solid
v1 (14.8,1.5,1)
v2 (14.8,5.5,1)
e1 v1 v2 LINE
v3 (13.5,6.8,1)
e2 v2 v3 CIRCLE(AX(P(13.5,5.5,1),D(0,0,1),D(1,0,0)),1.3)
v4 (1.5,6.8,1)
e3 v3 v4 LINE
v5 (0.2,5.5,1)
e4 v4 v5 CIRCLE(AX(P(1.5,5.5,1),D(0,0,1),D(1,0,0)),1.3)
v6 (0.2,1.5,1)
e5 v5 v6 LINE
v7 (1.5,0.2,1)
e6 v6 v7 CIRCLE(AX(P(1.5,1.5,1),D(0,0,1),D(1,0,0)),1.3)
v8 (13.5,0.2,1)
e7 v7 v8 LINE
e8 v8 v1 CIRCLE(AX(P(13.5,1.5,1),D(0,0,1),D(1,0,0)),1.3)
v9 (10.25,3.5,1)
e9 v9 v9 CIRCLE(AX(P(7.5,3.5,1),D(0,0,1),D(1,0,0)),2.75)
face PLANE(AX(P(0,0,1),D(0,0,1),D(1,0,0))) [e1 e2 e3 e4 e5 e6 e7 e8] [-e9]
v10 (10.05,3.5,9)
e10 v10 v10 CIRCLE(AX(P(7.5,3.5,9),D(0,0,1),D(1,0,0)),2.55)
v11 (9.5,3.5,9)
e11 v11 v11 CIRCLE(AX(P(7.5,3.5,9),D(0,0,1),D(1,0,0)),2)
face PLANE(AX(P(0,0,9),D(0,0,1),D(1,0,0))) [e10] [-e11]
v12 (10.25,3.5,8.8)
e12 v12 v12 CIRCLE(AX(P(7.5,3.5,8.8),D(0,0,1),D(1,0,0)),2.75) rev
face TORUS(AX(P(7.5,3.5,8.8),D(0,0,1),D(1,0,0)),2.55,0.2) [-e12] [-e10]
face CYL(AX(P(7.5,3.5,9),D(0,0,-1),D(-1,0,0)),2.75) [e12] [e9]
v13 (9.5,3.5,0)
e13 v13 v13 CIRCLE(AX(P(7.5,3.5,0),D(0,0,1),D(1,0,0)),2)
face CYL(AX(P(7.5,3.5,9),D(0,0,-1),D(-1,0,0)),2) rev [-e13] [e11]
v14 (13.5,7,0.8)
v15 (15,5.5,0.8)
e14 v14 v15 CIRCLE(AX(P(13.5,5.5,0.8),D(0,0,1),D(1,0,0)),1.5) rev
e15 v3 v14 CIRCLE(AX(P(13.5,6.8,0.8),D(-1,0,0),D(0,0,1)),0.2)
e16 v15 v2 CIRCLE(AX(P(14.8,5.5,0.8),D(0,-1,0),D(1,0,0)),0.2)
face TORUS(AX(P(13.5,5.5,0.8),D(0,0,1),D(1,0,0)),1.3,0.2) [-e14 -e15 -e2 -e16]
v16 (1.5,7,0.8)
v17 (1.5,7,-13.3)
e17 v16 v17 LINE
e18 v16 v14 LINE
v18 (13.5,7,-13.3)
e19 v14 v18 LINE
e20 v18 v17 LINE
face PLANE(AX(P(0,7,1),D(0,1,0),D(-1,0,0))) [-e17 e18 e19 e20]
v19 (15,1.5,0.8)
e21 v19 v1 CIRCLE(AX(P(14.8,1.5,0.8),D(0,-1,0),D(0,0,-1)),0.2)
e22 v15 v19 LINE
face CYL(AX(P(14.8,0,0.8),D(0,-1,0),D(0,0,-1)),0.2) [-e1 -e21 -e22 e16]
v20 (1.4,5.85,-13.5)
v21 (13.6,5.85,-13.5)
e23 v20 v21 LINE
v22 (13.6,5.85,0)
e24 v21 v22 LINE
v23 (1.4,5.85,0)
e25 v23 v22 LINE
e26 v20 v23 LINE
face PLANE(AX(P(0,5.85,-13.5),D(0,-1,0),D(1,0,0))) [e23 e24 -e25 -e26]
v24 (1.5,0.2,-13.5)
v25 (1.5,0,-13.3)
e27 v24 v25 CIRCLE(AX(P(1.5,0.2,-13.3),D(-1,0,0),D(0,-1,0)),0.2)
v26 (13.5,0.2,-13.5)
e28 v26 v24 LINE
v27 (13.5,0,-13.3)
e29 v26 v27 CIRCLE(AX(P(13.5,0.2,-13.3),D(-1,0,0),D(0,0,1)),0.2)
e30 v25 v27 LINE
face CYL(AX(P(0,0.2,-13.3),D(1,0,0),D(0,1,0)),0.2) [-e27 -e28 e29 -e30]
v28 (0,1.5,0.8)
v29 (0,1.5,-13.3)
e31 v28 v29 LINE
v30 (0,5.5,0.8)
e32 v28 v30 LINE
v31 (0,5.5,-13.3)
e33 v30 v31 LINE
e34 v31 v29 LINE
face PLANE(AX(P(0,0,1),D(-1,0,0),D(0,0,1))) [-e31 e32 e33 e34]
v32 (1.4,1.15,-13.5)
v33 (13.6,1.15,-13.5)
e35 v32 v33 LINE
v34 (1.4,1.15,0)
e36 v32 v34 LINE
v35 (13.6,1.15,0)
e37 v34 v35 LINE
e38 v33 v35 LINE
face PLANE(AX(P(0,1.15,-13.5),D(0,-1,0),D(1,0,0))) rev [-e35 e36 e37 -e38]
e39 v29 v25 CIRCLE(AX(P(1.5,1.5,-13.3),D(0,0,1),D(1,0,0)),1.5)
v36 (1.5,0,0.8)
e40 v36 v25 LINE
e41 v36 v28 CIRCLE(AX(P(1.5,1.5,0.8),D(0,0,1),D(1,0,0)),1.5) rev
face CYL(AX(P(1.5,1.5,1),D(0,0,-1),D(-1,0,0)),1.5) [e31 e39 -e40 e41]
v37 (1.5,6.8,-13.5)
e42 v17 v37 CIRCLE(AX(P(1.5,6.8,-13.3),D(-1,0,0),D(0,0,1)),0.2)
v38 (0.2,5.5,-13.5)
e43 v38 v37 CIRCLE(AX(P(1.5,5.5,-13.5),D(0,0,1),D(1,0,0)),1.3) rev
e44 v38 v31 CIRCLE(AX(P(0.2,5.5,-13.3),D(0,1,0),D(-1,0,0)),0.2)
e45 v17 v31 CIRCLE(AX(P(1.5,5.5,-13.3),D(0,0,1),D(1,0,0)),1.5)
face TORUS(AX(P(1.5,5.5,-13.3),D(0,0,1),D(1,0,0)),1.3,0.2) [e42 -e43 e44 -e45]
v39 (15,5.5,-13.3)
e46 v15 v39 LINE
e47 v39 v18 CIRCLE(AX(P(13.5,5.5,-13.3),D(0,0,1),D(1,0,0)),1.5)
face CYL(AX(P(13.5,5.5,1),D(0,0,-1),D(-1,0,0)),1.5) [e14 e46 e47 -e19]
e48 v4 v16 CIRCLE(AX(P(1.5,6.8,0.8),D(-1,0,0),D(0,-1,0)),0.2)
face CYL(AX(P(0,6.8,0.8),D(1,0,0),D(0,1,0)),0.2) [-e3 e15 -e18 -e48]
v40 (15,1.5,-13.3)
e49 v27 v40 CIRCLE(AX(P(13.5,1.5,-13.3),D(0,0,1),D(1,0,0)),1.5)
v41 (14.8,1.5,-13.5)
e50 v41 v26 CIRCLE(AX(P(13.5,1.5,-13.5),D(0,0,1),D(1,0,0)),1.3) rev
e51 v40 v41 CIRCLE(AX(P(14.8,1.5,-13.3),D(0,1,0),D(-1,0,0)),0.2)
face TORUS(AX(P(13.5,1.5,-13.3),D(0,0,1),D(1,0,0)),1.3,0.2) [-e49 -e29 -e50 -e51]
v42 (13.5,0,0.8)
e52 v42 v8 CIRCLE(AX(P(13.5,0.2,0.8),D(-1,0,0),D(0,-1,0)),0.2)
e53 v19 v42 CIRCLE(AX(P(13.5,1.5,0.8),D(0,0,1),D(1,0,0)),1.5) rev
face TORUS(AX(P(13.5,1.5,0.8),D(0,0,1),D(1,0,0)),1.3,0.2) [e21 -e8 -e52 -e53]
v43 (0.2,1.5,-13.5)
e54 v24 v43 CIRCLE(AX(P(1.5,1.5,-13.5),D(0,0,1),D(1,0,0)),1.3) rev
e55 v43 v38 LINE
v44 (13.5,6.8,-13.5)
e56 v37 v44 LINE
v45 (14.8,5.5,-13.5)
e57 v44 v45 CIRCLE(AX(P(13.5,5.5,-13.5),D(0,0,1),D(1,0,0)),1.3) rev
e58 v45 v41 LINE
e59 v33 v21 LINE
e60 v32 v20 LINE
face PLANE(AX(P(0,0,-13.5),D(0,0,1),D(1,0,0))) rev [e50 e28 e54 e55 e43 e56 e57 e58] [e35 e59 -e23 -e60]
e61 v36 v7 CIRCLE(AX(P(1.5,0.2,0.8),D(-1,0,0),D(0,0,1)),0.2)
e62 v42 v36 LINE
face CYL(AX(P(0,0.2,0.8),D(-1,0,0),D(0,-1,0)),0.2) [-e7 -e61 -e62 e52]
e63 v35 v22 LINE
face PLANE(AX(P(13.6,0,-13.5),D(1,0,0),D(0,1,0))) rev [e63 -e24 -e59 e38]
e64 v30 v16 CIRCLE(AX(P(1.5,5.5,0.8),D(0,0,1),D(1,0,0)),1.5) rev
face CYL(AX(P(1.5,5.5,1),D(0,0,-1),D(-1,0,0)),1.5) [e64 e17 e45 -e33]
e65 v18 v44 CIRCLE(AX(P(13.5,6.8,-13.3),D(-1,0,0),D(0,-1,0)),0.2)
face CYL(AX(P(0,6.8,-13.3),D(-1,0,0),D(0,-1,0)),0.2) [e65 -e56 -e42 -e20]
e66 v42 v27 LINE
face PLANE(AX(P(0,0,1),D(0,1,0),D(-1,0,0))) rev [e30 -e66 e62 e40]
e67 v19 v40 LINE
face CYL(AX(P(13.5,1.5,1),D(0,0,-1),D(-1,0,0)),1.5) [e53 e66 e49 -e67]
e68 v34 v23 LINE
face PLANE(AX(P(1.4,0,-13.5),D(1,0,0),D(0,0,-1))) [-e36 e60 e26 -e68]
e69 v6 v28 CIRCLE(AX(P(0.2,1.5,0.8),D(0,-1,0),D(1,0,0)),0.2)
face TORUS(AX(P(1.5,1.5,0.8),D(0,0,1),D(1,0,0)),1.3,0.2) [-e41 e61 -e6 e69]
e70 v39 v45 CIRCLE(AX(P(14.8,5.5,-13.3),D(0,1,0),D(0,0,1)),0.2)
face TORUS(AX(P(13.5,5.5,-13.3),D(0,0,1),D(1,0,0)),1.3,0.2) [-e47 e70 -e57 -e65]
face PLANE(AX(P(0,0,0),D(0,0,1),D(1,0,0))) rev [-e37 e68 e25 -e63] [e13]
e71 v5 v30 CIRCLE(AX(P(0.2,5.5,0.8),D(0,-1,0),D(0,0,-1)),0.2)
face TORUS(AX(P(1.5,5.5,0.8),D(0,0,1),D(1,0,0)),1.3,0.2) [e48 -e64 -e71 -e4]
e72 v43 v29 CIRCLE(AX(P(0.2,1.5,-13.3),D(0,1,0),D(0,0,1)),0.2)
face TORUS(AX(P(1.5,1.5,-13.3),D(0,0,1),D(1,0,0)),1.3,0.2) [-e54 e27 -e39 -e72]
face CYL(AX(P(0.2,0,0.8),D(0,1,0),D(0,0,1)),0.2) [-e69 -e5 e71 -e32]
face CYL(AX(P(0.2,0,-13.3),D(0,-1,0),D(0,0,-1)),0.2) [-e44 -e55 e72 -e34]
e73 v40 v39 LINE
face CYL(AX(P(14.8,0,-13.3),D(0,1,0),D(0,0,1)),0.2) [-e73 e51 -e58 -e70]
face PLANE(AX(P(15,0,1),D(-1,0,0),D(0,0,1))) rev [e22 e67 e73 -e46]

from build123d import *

# Parameters (mm, degrees)
SKETCH_1_R      = 2.75
SKETCH_1_R_2    = 2
EXTRUDE_1_DEPTH = 9
SKETCH_1_6_R    = 2.75
EXTRUDE_4_DEPTH = 1
SKETCH_1_7_W    = 12.2
SKETCH_1_7_H    = 4.7
EXTRUDE_5_DEPTH = 13.5
FILLET_1_R      = 0.2


with BuildPart() as part:
    # Sketch 1 → Extrude 1 (new body)
    with BuildSketch(Plane.XY):
        with Locations((7.5, 3.5)):
            Circle(SKETCH_1_R)
        with Locations((7.5, 3.5)):
            Circle(SKETCH_1_R_2, mode=Mode.SUBTRACT)
        with BuildLine():
            ThreePointArc((8.928285686, 5.85), (7.5, 6.25), (6.071714314, 5.85))
            Line((6.071714314, 5.85), (8.928285686, 5.85))
        make_face()
        with BuildLine():
            Line((8.928285686, 1.15), (6.071714314, 1.15))
            ThreePointArc((6.071714314, 1.15), (7.5, 0.75), (8.928285686, 1.15))
        make_face()
    extrude(amount=EXTRUDE_1_DEPTH)

    # Sketch 1_6 → Extrude 4 (add)
    with BuildSketch(Plane.XY):
        with BuildLine():
            ThreePointArc((0, 1.5), (0.439339828, 0.439339828), (1.5, 0))
            Line((1.5, 0), (13.5, 0))
            ThreePointArc((13.5, 0), (14.560660172, 0.439339828), (15, 1.5))
            Line((15, 1.5), (15, 5.5))
            ThreePointArc((15, 5.5), (14.560660172, 6.560660172), (13.5, 7))
            Line((13.5, 7), (1.5, 7))
            ThreePointArc((1.5, 7), (0.439339828, 6.560660172), (0, 5.5))
            Line((0, 5.5), (0, 1.5))
        make_face()
        with Locations((7.5, 3.5)):
            Circle(SKETCH_1_6_R, mode=Mode.SUBTRACT)
    extrude(amount=EXTRUDE_4_DEPTH)

    # Sketch 1_7 → Extrude 5 (add)
    with BuildSketch(Plane.XY):
        with BuildLine():
            ThreePointArc((0, 5.5), (0.439339828, 6.560660172), (1.5, 7))
            Line((1.5, 7), (13.5, 7))
            ThreePointArc((13.5, 7), (14.560660172, 6.560660172), (15, 5.5))
            Line((15, 5.5), (15, 1.5))
            ThreePointArc((15, 1.5), (14.560660172, 0.439339828), (13.5, 0))
            Line((13.5, 0), (1.5, 0))
            ThreePointArc((1.5, 0), (0.439339828, 0.439339828), (0, 1.5))
            Line((0, 1.5), (0, 5.5))
        make_face()
        with Locations((7.5, 3.5)):
            Rectangle(SKETCH_1_7_W, SKETCH_1_7_H, mode=Mode.SUBTRACT)
        with BuildLine():
            ThreePointArc((8.928285686, 5.85), (7.5, 6.25), (6.071714314, 5.85))
            Line((6.071714314, 5.85), (8.928285686, 5.85))
        make_face()
        with BuildLine():
            Line((8.928285686, 1.15), (6.071714314, 1.15))
            ThreePointArc((6.071714314, 1.15), (7.5, 0.75), (8.928285686, 1.15))
        make_face()
    extrude(amount=-EXTRUDE_5_DEPTH)

    # Fillet 1
    fillet_1_edges = [part.edges().sort_by_distance(p)[0] for p in [
        (0.439339828, 6.560660172, 1),
        (0, 3.5, 1),
        (0.439339828, 0.439339828, 1),
        (14.560660172, 6.560660172, 1),
        (7.5, 7, 1),
        (7.5, 0, 1),
        (14.560660172, 0.439339828, 1),
        (15, 3.5, 1),
        (15, 3.5, -13.5),
        (14.560660172, 0.439339828, -13.5),
        (7.5, 0, -13.5),
        (0.439339828, 6.560660172, -13.5),
        (7.5, 7, -13.5),
        (14.560660172, 6.560660172, -13.5),
        (0.439339828, 0.439339828, -13.5),
        (0, 3.5, -13.5),
        (9.896902755, 2.151906093, 9),
    ]]
    fillet(fillet_1_edges, radius=FILLET_1_R)


solid = part.part
